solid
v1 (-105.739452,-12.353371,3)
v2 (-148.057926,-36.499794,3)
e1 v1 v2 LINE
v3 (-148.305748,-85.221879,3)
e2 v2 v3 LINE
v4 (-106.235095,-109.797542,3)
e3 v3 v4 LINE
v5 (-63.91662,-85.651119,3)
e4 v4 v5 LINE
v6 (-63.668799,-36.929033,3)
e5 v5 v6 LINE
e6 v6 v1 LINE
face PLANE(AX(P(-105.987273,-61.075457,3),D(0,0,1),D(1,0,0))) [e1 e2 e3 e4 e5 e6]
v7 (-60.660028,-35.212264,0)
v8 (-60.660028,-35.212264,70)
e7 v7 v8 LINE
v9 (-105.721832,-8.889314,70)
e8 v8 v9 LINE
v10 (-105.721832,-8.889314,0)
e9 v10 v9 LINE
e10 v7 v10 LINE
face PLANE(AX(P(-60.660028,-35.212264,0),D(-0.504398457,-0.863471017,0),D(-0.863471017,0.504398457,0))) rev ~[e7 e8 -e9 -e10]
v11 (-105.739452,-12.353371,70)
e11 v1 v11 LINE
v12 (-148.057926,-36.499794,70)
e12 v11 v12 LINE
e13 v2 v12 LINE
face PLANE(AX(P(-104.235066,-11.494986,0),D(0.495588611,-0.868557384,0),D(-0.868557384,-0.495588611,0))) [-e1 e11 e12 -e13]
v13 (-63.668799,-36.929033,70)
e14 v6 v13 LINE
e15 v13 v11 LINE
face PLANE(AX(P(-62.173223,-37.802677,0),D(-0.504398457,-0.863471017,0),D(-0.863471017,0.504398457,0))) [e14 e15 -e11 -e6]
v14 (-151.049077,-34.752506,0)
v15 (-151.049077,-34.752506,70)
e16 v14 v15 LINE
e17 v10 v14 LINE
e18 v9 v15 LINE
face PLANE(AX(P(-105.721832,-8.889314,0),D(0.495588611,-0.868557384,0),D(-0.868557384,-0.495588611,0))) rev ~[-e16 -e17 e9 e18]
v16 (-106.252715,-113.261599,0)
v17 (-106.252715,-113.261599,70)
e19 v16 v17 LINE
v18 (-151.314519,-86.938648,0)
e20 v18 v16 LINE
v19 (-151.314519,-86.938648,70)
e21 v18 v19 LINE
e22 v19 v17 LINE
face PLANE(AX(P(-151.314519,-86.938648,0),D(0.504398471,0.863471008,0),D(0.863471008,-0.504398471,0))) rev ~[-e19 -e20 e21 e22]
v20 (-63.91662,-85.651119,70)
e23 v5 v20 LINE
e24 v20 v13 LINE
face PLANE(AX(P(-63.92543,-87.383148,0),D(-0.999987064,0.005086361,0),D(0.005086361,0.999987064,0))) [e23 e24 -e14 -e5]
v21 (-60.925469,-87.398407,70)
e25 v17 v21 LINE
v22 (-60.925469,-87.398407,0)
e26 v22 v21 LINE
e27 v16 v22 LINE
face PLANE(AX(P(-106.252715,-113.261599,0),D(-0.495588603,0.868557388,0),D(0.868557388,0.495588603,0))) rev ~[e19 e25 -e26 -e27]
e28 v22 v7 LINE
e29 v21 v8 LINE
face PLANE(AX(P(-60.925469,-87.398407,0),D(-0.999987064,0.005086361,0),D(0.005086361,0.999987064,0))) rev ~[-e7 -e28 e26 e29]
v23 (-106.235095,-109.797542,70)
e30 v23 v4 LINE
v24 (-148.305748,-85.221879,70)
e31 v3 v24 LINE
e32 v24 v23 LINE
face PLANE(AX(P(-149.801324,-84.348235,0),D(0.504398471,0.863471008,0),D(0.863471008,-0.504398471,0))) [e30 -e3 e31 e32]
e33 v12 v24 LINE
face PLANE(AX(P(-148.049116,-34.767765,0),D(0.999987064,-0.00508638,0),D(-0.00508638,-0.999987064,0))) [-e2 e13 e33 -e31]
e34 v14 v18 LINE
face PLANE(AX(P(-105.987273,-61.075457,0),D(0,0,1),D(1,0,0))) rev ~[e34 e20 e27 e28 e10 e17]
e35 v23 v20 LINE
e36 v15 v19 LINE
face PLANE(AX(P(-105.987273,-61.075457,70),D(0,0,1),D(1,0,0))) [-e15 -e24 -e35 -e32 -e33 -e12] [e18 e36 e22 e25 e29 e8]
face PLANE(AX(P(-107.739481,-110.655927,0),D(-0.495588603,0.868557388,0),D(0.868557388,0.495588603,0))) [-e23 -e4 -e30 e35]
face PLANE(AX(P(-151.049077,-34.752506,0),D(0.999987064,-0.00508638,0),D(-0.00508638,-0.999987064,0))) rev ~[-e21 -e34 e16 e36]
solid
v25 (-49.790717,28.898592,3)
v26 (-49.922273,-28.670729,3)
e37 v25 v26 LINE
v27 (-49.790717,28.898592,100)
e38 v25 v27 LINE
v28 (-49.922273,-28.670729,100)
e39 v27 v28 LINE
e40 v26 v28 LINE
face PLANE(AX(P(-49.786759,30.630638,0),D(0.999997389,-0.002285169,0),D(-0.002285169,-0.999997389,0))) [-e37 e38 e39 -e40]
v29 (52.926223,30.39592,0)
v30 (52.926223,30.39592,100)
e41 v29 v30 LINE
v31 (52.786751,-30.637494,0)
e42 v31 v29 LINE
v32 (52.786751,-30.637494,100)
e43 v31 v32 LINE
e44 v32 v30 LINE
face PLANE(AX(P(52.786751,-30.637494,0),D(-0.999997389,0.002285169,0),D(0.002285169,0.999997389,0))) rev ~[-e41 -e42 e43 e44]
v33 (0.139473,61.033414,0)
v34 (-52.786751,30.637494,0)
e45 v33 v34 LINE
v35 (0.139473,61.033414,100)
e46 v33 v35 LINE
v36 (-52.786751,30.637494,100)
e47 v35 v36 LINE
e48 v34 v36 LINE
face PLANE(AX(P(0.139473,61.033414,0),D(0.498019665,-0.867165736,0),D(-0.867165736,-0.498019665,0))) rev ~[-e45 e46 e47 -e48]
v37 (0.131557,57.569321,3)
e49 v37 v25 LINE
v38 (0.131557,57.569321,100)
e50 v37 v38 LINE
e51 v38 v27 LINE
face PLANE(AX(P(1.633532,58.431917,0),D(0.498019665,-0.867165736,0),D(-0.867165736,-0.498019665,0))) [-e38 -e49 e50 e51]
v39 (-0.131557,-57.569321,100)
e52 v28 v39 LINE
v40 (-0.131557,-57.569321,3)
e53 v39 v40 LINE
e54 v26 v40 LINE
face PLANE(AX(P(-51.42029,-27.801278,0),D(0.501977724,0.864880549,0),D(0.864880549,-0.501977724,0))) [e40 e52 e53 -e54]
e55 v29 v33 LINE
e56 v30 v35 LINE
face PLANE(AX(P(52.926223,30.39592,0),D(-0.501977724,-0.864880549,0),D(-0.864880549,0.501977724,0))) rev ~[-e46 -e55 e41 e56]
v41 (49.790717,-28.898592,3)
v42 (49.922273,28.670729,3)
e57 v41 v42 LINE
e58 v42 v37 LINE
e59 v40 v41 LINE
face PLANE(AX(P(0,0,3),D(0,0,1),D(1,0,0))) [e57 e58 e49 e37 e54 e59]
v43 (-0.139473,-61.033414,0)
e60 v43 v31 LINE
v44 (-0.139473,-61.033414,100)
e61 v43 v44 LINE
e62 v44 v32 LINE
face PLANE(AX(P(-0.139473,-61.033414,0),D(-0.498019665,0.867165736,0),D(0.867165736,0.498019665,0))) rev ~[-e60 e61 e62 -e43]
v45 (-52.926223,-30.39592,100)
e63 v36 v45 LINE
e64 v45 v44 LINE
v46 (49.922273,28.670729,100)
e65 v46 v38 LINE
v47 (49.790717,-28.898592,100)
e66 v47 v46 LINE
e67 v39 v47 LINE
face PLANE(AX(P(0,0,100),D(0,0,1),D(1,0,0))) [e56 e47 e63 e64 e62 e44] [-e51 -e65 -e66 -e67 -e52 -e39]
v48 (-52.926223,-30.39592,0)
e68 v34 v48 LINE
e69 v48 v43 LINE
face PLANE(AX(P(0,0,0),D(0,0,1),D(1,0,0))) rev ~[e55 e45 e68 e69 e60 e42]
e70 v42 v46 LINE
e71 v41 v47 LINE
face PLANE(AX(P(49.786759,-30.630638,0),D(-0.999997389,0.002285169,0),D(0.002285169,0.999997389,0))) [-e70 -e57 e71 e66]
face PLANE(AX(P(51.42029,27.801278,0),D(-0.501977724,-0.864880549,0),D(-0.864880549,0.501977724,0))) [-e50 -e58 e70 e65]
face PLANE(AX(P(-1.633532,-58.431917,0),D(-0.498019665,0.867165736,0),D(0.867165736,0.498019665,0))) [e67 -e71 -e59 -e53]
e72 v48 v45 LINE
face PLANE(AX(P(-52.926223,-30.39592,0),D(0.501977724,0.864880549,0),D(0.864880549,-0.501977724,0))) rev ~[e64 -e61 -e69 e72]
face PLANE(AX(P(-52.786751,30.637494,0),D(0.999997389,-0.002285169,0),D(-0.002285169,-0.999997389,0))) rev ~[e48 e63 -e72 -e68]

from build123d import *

# Parameters (mm, degrees)
F1_DEPTH = 100
F2_DEPTH = 70
F3_T     = -3
F4_T     = -3


with BuildPart() as f1:
    # F0 (on Top) → F1 (new body)
    with BuildSketch(Plane.XY):
        Polygon((-0.139473, -61.033414), (52.786751, -30.637494), (52.926223, 30.39592), (0.139473, 61.033414), (-52.786751, 30.637494), (-52.926223, -30.39592), align=None)
    extrude(amount=F1_DEPTH)

    # F4
    f4_openings = [f1.faces().sort_by_distance(p)[0] for p in [
        (0, 0, 100),
    ]]
    offset(amount=F4_T, openings=f4_openings)


with BuildPart() as f2:
    # F0 (on Top) → F2 (new body)
    with BuildSketch(Plane.XY):
        Polygon((-106.252715, -113.261599), (-60.925469, -87.398407), (-60.660028, -35.212264), (-105.721832, -8.889314), (-151.049077, -34.752506), (-151.314519, -86.938648), align=None)
    extrude(amount=F2_DEPTH)

    # F3
    f3_openings = [f2.faces().sort_by_distance(p)[0] for p in [
        (-105.987273, -61.075456, 70),
    ]]
    offset(amount=F3_T, openings=f3_openings)


solid = Compound([f1.part, f2.part])
